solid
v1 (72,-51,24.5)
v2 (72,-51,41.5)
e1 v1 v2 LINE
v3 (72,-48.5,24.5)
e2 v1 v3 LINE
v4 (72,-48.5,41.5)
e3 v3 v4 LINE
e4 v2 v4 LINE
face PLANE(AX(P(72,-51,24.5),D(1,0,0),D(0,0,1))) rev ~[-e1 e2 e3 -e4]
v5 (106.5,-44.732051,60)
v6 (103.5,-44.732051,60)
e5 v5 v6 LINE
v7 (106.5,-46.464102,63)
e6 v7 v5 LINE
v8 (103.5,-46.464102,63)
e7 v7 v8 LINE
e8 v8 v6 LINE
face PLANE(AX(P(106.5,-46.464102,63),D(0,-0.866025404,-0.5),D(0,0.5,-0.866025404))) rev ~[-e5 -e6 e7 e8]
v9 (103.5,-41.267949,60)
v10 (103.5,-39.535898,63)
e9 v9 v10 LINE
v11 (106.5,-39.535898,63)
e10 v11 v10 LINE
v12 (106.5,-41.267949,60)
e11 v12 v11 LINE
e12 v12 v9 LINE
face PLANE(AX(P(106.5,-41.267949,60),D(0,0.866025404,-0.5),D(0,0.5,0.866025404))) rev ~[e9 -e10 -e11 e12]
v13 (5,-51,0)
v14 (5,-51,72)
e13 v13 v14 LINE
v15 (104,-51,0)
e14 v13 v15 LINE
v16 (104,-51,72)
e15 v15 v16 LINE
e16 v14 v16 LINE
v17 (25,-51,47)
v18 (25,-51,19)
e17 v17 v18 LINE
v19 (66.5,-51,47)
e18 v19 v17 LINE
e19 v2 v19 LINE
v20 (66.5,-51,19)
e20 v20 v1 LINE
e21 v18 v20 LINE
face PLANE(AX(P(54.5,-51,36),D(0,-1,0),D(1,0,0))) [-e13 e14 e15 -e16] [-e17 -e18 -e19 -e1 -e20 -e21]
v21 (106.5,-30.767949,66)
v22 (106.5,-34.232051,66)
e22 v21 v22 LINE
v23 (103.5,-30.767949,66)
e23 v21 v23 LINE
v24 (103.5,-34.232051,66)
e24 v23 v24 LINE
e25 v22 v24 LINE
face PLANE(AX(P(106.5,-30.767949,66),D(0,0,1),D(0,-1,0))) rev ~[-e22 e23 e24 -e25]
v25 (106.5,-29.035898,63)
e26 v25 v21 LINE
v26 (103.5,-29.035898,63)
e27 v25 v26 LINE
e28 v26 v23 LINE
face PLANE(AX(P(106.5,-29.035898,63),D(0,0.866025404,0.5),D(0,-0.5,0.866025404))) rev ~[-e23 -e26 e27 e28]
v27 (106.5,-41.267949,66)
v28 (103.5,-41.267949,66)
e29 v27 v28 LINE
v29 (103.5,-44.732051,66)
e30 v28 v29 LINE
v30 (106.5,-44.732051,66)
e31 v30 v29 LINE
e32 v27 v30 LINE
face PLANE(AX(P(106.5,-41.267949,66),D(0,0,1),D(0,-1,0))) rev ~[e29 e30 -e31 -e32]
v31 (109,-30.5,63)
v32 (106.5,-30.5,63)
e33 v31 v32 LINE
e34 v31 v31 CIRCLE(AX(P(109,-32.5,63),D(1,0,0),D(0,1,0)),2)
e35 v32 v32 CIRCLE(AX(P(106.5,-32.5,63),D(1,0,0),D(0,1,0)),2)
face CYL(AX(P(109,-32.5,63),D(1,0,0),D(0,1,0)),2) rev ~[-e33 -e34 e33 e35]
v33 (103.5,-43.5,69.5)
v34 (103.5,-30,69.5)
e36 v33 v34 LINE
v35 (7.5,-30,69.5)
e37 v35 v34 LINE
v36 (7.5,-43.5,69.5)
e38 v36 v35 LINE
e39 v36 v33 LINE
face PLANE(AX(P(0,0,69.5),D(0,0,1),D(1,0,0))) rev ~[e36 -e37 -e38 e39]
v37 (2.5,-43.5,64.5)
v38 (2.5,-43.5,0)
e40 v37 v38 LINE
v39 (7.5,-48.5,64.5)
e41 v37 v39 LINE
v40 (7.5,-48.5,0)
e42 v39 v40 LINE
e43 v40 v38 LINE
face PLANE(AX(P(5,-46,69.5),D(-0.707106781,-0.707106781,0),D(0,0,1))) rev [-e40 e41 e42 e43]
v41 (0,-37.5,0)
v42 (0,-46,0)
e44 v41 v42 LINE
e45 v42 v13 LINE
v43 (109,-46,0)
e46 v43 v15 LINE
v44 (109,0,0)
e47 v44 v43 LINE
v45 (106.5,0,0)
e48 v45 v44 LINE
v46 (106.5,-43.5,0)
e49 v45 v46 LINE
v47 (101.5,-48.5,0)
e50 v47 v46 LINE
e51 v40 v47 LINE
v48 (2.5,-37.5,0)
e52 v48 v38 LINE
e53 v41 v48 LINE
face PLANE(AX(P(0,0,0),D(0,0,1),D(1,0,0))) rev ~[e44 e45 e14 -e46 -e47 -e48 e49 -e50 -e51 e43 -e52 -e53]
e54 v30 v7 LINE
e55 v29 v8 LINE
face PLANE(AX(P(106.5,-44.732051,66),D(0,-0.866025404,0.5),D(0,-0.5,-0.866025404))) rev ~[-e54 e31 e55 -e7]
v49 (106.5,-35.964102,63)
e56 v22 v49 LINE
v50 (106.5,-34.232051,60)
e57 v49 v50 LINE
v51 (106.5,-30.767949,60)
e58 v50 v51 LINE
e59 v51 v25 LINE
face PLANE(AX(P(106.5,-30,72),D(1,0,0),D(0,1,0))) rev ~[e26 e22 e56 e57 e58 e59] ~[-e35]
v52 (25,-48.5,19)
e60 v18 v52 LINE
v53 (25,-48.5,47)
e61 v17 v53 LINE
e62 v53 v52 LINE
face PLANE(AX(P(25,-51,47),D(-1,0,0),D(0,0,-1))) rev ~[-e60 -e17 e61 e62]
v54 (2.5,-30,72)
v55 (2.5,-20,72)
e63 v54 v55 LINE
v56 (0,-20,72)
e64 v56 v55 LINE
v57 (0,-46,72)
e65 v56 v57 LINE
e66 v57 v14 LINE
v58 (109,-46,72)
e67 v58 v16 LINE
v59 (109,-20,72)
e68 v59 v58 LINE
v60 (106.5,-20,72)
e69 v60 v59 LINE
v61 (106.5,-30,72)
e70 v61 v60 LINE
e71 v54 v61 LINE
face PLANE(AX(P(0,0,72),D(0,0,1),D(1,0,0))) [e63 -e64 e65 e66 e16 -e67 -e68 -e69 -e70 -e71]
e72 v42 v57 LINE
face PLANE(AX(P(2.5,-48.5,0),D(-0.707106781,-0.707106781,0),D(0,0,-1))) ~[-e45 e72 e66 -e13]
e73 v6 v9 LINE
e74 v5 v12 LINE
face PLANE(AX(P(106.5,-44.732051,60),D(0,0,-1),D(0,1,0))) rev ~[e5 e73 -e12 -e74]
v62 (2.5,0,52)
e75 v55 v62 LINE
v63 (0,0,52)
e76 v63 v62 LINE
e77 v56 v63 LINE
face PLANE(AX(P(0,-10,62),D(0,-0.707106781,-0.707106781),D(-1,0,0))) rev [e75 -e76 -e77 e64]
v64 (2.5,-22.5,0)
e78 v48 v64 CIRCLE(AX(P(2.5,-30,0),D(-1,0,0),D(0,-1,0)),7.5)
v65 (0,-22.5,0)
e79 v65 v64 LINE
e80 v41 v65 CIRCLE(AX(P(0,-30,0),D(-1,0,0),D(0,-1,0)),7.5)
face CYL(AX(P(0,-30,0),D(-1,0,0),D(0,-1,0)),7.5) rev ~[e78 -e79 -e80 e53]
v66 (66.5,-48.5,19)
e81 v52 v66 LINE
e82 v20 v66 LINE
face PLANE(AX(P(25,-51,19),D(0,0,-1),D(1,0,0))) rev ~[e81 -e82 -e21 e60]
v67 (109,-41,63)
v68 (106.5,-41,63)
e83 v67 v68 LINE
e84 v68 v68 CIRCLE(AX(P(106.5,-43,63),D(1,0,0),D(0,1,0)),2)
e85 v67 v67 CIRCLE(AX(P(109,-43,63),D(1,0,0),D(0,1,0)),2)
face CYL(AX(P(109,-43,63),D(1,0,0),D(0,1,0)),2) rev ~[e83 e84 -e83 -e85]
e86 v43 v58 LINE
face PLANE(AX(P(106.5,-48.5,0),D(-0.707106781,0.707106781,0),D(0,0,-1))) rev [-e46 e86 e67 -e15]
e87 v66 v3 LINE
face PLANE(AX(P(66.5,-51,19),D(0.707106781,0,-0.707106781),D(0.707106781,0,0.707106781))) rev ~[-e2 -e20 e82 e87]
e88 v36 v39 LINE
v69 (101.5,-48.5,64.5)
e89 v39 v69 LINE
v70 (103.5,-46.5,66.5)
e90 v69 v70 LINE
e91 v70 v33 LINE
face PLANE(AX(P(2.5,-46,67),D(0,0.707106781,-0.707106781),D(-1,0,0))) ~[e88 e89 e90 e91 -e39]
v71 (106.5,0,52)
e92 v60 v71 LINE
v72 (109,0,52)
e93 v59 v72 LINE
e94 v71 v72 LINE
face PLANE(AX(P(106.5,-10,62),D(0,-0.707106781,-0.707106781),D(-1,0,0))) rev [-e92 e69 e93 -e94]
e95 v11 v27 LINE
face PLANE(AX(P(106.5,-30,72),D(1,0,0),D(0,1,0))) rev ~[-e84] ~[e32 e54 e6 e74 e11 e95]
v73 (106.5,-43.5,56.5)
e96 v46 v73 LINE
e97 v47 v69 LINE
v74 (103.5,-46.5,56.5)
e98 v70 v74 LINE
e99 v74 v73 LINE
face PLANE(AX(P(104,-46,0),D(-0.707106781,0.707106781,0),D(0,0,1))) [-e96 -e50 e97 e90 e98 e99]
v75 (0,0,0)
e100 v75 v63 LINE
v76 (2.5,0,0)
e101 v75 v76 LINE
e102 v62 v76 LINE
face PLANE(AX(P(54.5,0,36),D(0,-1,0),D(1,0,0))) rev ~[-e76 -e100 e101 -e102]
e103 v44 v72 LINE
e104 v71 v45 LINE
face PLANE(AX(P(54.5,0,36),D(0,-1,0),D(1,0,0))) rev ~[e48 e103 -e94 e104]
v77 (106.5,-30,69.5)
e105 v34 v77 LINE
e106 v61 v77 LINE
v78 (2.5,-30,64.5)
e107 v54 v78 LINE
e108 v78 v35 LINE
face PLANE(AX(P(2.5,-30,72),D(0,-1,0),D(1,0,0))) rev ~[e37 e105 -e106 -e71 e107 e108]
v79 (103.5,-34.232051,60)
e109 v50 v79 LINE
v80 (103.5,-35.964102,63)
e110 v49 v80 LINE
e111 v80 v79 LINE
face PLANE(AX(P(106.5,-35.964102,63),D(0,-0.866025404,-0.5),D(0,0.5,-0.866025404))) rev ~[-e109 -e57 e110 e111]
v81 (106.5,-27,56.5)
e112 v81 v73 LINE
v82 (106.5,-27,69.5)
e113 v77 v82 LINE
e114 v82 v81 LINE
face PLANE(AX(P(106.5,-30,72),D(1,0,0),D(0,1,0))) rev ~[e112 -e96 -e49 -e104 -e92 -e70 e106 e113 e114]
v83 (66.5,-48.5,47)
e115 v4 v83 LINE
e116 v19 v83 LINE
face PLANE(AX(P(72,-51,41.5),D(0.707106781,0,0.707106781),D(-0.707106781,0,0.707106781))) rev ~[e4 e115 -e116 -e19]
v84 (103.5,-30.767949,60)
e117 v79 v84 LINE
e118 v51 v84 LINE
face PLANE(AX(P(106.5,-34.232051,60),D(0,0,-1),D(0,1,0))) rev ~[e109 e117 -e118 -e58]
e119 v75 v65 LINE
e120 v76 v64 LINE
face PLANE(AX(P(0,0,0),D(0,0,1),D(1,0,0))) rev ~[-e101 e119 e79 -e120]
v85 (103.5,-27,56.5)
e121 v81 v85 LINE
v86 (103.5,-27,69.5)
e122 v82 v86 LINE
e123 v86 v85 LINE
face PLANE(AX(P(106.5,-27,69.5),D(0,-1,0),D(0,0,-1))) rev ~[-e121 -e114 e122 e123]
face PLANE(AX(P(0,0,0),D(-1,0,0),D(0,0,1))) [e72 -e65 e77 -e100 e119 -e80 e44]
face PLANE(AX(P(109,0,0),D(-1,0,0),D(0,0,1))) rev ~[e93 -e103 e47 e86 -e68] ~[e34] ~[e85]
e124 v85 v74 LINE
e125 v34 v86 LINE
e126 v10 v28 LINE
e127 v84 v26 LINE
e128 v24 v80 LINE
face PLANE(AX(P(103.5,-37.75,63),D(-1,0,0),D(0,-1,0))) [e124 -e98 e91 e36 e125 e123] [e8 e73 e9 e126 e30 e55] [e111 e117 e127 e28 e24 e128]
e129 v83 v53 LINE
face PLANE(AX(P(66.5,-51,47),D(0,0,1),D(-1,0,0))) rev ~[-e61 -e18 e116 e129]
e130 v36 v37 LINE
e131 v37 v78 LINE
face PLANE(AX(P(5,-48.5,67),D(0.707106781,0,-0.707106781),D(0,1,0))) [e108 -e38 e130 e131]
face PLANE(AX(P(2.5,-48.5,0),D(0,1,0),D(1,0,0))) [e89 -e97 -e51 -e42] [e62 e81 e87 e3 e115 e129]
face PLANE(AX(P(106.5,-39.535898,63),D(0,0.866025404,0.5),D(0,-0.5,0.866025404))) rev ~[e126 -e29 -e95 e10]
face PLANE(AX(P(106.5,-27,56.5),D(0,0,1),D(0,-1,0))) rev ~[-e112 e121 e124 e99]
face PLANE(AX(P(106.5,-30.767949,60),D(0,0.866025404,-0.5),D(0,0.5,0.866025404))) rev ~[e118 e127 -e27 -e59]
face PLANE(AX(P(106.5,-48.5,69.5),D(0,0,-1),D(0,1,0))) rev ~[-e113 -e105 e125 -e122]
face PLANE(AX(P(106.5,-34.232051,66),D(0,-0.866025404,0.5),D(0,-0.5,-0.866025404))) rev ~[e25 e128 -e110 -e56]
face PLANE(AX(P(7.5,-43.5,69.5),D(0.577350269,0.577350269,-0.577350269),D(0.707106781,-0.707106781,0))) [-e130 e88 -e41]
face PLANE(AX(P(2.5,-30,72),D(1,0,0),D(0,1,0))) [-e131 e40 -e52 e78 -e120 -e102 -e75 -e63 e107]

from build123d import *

# Parameters (mm, degrees)
F0_W      = 109
F0_H      = 72
F1_DEPTH  = 51
F2_T      = -2.5
F3_W      = 104
F3_H      = 30
F4_DEPTH  = 2.5
F5_R      = 2
F6_DEPTH  = 2.5
F7_SIZE   = 20
F8_W      = 104
F8_H      = 48.5
F9_DEPTH  = 2.5
F11_DEPTH = 2.5
F14_DEPTH = 3
F15_DEPTH = 2.5
F16_SIZE  = 5
F17_SIZE  = 5


with BuildPart() as f1:
    # F0 (on Front) → F1 (new body)
    with BuildSketch(Plane.XZ):
        with Locations((54.5, 36)):
            Rectangle(F0_W, F0_H)
    extrude(amount=F1_DEPTH)

    # F2
    f2_openings = [f1.faces().sort_by_distance(p)[0] for p in [
        (54.5, 0, 36),
    ]]
    offset(amount=F2_T, openings=f2_openings)

    # F3 (on face) → F4 (cut, through all)
    with BuildSketch(Plane.XY.offset(72)):
        with Locations((54.5, -15)):
            Rectangle(F3_W, F3_H)
    extrude(amount=-F4_DEPTH, mode=Mode.SUBTRACT)

    # F5 (on face) → F6 (cut, through all)
    with BuildSketch(Plane.YZ.offset(109)):
        with Locations((-43, 63)):
            Circle(F5_R)
        with Locations((-32.5, 63)):
            Circle(F5_R)
    extrude(amount=-F6_DEPTH, mode=Mode.SUBTRACT)

    # F7
    f7_edges = [f1.edges().sort_by_distance(p)[0] for p in [
        (107.75, 0, 72),
        (1.25, 0, 72),
    ]]
    chamfer(f7_edges, length=F7_SIZE)

    # F8 (on face) → F9 (cut, through all)
    with BuildSketch(Plane(origin=(0, 0, 0), x_dir=(1, 0, 0), z_dir=(0, 0, -1))):
        with Locations((54.5, 24.25)):
            Rectangle(F8_W, F8_H)
    extrude(amount=-F9_DEPTH, mode=Mode.SUBTRACT)

    # F10 (on face) → F11 (cut, through all)
    with BuildSketch(Plane(origin=(0, 0, 0), x_dir=(0, -1, 0), z_dir=(-1, 0, 0))):
        with BuildLine():
            Line((22.5, 0), (37.5, 0))
            ThreePointArc((37.5, 0), (30, 7.5), (22.5, 0))
        make_face()
    extrude(amount=-F11_DEPTH, mode=Mode.SUBTRACT)

    # F13 (on face) → F14 (join)
    with BuildSketch(Plane(origin=(106.5, 0, 0), x_dir=(0, -1, 0), z_dir=(-1, 0, 0))):
        Polygon((48.5, 56.5), (48.5, 69.5), (30, 69.5), (27, 69.5), (27, 56.5), align=None)
        Polygon((29.0358983849, 63), (30.7679491924, 66), (34.2320508076, 66), (35.9641016151, 63), (34.2320508076, 60), (30.7679491924, 60), align=None, mode=Mode.SUBTRACT)
        Polygon((39.5358983849, 63), (41.2679491924, 66), (44.7320508076, 66), (46.4641016151, 63), (44.7320508076, 60), (41.2679491924, 60), align=None, mode=Mode.SUBTRACT)
    extrude(amount=F14_DEPTH)

    # F12 (on face) → F15 (cut, through all)
    with BuildSketch(Plane.XZ.offset(51)):
        Polygon((66.5, 47), (25, 47), (25, 19), (66.5, 19), (72, 24.5), (72, 41.5), align=None)
    extrude(amount=-F15_DEPTH, mode=Mode.SUBTRACT)

    # F16 (call 1 of 2: OpenCascade refuses the feature's edges together)
    f16_edges = [f1.edges().sort_by_distance(p)[0] for p in [
        (2.5, -48.5, 34.75),
        (2.5, -39.25, 69.5),
        (53, -48.5, 69.5),
    ]]
    chamfer(f16_edges, length=F16_SIZE)

    # F16#2 (call 2 of 2)
    f16_2_edges = [f1.edges().sort_by_distance(p)[0] for p in [
        (106.5, -48.5, 28.25),
    ]]
    chamfer(f16_2_edges, length=F16_SIZE)

    # F17
    f17_edges = [f1.edges().sort_by_distance(p)[0] for p in [
        (0, -51, 36),
        (109, -51, 36),
    ]]
    chamfer(f17_edges, length=F17_SIZE)


solid = f1.part
